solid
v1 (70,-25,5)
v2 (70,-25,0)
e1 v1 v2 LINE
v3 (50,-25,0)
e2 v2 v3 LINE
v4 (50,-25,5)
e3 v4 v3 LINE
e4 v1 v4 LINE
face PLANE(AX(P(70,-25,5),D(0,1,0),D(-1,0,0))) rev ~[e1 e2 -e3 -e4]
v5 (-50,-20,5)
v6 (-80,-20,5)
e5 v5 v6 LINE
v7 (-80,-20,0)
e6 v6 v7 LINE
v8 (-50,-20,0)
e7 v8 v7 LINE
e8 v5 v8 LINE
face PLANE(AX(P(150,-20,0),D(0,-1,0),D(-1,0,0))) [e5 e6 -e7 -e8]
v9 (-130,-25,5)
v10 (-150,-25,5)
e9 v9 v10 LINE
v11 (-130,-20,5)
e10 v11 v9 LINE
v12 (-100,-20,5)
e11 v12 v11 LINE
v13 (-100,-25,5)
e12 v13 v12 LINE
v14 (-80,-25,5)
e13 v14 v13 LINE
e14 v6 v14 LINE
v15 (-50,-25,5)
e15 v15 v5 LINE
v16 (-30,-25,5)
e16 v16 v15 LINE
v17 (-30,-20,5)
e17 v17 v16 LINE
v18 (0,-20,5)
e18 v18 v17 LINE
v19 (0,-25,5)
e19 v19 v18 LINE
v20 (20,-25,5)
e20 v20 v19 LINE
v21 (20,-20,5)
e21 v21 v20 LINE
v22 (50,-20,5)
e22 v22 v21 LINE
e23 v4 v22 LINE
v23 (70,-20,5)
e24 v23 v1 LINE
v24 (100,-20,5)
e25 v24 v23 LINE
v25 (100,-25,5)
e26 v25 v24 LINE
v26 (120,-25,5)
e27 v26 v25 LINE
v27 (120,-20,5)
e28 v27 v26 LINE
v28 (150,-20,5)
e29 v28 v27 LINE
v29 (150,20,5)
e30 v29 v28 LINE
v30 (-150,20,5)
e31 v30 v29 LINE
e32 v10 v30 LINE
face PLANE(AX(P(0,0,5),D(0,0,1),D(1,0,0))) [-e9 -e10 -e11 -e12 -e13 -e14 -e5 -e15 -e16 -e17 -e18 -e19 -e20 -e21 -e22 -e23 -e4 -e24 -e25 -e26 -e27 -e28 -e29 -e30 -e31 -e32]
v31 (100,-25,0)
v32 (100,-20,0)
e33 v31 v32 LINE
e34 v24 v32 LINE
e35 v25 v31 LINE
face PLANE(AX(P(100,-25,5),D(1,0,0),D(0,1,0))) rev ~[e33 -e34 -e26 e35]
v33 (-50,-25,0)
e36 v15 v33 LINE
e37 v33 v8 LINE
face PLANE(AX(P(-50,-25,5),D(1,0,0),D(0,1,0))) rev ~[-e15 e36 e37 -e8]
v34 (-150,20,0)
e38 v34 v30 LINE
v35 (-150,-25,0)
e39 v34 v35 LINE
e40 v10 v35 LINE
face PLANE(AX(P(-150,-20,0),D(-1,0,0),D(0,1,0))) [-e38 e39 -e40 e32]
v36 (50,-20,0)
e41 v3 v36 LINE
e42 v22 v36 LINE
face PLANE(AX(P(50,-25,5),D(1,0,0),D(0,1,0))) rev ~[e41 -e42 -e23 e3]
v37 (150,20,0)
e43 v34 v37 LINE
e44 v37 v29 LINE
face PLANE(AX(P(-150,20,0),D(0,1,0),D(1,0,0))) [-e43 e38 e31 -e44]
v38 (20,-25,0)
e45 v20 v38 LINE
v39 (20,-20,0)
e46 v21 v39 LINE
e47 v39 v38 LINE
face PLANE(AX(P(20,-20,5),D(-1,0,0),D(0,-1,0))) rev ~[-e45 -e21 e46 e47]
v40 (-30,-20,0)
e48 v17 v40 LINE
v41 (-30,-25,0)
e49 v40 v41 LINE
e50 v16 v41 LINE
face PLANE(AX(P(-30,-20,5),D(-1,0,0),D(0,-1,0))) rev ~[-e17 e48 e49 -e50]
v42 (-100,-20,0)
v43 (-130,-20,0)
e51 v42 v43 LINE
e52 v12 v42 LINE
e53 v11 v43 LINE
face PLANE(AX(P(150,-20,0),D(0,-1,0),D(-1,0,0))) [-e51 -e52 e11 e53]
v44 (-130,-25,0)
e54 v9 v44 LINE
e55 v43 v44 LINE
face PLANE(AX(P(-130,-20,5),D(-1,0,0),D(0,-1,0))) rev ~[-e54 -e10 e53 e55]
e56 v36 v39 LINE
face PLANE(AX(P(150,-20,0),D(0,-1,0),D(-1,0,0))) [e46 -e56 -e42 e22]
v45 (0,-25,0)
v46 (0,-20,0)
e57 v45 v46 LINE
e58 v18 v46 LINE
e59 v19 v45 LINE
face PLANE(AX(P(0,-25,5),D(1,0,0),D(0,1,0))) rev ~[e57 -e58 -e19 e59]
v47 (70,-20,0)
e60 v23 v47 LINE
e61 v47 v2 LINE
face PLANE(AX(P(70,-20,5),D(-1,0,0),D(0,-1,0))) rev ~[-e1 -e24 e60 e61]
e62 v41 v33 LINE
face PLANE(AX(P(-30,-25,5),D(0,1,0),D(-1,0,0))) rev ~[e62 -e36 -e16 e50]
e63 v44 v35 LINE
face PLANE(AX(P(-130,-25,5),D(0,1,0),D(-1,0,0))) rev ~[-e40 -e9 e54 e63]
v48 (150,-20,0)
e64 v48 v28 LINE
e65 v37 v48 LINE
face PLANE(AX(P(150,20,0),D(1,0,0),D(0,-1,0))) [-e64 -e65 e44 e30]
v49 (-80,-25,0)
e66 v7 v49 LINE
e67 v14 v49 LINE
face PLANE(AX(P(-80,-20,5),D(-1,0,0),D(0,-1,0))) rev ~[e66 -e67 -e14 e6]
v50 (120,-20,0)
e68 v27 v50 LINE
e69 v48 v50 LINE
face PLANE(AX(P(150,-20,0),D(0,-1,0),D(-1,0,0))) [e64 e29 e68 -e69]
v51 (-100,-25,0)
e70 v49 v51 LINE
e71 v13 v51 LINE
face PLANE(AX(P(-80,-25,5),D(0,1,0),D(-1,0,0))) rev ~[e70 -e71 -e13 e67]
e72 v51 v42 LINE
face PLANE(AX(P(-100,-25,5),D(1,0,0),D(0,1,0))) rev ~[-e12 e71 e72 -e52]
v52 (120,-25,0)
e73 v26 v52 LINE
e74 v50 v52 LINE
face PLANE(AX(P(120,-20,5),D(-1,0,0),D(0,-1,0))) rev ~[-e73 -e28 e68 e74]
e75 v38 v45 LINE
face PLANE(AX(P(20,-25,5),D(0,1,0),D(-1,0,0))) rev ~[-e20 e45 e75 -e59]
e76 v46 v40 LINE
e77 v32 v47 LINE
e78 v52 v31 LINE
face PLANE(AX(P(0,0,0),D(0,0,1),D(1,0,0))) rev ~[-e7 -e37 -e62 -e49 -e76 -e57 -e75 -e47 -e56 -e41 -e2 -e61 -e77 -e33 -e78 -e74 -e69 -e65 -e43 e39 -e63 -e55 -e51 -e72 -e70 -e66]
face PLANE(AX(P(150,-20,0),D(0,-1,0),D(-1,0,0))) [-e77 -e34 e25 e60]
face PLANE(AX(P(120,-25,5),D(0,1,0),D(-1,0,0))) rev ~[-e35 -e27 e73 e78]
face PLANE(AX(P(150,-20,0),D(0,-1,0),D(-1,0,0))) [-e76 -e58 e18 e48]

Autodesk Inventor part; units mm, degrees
ref_plane "YZ Plane" through (0, 0, 0) normal (1, 0, 0) x (0, 1, 0)
ref_plane "XZ Plane" through (0, 0, 0) normal (0, 1, 0) x (-1, 0, 0)
ref_plane "XY Plane" through (0, 0, 0) normal (0, 0, 1) x (1, 0, 0)
sketch "Sketch1" plane through (0, 0, 0) normal (0, 0, 1) x (1, 0, 0)
  line L0 (-150, 20) -> (150, 20)
  line L1 (150, 20) -> (150, -20)
  line L2 (150, -20) -> (-150, -20)
  line L3 (-150, -20) -> (-150, 20)
  line L4 (-150, 20) -> (150, -20) construction
  line L5 (150, 20) -> (-150, -20) construction
  point P0 (0, 0)
  dimension "d0" = 300
  dimension "d1" = 40
extrude "Base" add sketch "Sketch1" along normal blind 5
sketch "Sketch2" plane through (0, 0, 5) normal (0, 0, 1) x (1, 0, 0)
  line L0 (-150, -20) -> (150, -20) projected
  line L1 (-150, -20) -> (-130, -20)
  line L2 (-130, -20) -> (-130, -25)
  line L3 (-130, -25) -> (-150, -25)
  line L4 (-150, -25) -> (-150, -20)
  line L5 (-100, -20) -> (-80, -20)
  line L6 (-80, -20) -> (-80, -25)
  line L7 (-80, -25) -> (-100, -25)
  line L8 (-100, -25) -> (-100, -20)
  line L9 (-50, -20) -> (-30, -20)
  line L10 (-30, -20) -> (-30, -25)
  line L11 (-30, -25) -> (-50, -25)
  line L12 (-50, -25) -> (-50, -20)
  line L13 (0, -20) -> (20, -20)
  line L14 (20, -20) -> (20, -25)
  line L15 (20, -25) -> (0, -25)
  line L16 (0, -25) -> (0, -20)
  line L17 (50, -20) -> (70, -20)
  line L18 (70, -20) -> (70, -25)
  line L19 (70, -25) -> (50, -25)
  line L20 (50, -25) -> (50, -20)
  line L21 (100, -20) -> (120, -20)
  line L22 (120, -20) -> (120, -25)
  line L23 (120, -25) -> (100, -25)
  line L24 (100, -25) -> (100, -20)
  point P0 (0, 0)
  point P1 (20, -20)
  point P2 (-30, -20)
  point P3 (70, -20)
  point P4 (50, -20)
  point P5 (-100, -20)
  dimension "d4" = 20
  dimension "d5" = 5
  dimension "d8" = 50
extrude "Encaixe" add sketch "Sketch2" against normal blind 5
properties part number "Divisória-30cm c rolamento"
